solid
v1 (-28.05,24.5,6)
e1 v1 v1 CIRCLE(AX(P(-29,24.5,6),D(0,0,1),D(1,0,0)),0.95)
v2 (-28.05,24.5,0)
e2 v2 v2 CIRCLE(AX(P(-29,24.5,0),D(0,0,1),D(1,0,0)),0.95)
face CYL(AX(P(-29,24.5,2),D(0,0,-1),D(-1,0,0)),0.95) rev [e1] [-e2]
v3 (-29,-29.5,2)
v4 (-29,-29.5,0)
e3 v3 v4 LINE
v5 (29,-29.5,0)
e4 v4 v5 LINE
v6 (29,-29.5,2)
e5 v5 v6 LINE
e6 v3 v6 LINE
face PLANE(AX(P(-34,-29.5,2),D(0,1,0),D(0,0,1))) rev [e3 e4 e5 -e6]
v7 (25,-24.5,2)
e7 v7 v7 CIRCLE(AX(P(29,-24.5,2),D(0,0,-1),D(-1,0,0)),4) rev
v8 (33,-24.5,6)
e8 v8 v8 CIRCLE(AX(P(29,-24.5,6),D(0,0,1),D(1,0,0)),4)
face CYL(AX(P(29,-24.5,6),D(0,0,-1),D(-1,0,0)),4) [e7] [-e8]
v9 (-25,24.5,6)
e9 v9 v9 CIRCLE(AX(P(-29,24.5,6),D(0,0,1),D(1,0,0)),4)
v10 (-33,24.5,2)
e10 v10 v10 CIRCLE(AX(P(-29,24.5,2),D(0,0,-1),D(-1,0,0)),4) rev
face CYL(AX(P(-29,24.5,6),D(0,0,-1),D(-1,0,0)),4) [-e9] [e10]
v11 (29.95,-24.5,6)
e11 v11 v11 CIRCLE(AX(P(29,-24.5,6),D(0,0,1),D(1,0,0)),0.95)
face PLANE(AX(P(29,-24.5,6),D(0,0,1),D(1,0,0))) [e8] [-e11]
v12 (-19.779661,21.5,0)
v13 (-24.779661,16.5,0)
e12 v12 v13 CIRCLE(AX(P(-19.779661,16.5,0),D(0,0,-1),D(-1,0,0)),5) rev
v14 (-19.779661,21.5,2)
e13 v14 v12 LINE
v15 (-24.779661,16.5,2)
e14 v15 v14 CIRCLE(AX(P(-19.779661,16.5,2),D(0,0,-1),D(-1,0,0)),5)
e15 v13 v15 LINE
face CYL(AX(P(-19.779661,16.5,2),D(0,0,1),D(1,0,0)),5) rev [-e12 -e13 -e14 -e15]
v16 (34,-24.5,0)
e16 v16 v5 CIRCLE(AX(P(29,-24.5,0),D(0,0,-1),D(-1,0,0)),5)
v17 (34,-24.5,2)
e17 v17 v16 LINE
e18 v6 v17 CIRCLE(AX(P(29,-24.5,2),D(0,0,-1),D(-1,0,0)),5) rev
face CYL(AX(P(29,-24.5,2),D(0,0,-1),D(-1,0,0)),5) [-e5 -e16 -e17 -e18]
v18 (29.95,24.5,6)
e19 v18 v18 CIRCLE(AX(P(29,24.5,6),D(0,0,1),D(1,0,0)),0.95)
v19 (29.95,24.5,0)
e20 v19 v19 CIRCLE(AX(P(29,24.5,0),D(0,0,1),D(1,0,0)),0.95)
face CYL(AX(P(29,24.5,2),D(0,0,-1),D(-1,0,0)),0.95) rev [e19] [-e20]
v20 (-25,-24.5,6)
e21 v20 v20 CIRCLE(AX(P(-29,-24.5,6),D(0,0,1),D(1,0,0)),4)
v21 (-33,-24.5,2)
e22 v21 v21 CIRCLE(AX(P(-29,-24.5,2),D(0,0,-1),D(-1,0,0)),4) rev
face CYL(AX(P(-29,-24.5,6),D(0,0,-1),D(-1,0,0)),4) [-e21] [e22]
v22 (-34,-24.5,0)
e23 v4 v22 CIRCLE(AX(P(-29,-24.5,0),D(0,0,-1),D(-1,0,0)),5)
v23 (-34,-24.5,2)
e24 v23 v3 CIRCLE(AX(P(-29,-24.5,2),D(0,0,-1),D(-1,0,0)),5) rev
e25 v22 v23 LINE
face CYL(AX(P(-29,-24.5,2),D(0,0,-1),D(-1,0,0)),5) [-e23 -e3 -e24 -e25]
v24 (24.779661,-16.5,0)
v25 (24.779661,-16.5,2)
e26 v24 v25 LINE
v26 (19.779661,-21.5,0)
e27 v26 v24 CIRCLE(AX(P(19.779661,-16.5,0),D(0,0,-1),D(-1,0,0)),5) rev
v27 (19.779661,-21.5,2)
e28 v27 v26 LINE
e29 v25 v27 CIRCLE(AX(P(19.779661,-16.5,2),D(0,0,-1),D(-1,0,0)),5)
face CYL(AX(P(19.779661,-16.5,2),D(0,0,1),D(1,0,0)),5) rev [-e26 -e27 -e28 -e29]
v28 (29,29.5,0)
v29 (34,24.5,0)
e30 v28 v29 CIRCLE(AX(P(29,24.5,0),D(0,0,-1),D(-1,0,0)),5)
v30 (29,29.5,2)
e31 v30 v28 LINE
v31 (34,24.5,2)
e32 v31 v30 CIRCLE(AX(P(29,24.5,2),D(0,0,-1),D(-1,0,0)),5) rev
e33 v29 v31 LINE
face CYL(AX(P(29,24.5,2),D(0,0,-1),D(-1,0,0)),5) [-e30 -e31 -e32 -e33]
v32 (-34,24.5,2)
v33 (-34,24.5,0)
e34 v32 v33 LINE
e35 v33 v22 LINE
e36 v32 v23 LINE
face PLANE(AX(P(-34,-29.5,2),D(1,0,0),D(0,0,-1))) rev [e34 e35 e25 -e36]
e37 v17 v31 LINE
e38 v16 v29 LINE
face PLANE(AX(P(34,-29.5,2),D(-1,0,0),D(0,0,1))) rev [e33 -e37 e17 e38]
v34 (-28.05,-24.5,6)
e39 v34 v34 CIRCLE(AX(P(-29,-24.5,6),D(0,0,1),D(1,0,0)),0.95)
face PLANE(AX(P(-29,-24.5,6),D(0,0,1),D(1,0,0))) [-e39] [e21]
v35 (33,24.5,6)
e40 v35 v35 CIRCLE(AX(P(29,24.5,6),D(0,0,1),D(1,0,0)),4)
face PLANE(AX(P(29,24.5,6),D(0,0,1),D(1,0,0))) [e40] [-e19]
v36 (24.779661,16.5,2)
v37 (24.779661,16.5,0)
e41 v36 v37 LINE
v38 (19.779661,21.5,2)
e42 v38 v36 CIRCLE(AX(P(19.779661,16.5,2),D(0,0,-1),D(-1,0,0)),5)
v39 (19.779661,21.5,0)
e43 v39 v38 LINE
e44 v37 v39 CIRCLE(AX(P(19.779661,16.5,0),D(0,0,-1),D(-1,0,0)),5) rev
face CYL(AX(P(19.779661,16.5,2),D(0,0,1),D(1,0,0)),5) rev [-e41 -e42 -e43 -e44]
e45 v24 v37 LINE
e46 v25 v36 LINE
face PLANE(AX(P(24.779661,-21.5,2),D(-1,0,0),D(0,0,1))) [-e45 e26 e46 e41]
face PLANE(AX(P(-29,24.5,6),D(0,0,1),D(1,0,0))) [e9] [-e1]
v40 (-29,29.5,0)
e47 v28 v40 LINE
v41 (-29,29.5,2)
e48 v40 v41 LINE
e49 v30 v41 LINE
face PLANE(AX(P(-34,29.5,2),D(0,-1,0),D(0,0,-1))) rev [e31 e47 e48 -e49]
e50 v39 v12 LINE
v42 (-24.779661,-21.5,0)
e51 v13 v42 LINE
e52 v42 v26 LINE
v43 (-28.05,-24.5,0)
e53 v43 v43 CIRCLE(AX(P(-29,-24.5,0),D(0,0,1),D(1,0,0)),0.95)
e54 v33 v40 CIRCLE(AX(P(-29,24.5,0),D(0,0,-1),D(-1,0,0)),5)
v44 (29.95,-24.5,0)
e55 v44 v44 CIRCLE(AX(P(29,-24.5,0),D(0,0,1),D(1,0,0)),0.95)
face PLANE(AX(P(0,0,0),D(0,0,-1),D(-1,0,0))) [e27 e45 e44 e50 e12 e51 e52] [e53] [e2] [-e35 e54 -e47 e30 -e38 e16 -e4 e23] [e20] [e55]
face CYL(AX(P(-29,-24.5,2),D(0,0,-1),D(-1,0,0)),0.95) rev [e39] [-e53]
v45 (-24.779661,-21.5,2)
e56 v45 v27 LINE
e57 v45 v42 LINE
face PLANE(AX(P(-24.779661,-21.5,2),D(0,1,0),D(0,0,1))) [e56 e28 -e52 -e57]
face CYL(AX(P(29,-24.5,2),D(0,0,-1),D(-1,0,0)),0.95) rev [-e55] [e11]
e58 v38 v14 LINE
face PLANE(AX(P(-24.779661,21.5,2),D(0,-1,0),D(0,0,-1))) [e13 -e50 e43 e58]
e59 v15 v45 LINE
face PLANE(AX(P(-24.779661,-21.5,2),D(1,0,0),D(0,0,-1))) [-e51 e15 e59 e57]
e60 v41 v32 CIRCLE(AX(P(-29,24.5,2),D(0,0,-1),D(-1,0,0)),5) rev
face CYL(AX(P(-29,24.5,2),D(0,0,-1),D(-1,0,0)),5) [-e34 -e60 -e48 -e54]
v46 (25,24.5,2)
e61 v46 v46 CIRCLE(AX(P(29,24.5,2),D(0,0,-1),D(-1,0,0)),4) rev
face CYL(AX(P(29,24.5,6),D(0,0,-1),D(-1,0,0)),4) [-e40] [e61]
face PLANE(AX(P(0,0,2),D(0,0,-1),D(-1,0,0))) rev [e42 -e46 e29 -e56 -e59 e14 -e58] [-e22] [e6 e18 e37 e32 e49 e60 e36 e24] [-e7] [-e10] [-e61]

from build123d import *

# Parameters (mm, degrees)
SKETCH1_W           = 68
SKETCH1_H           = 59
SKETCH1_R           = 0.95
SKETCH1_W_2         = 49.559322034
SKETCH1_H_2         = 43
BOSS_EXTRUDE1_DEPTH = 2
SKETCH2_R           = 4
SKETCH2_R_2         = 0.95
BOSS_EXTRUDE2_DEPTH = 4
FILLET1_R           = 5


with BuildPart() as part:
    # Sketch1 → Boss-Extrude1 (new body)
    with BuildSketch(Plane.XY):
        Rectangle(SKETCH1_W, SKETCH1_H)
        with Locations((-29, 24.5)):
            Circle(SKETCH1_R, mode=Mode.SUBTRACT)
        with Locations((29, 24.5)):
            Circle(SKETCH1_R, mode=Mode.SUBTRACT)
        with Locations((29, -24.5)):
            Circle(SKETCH1_R, mode=Mode.SUBTRACT)
        with Locations((-29, -24.5)):
            Circle(SKETCH1_R, mode=Mode.SUBTRACT)
        Rectangle(SKETCH1_W_2, SKETCH1_H_2, mode=Mode.SUBTRACT)
    extrude(amount=BOSS_EXTRUDE1_DEPTH)

    # Sketch2 → Boss-Extrude2 (add)
    # profile 1 of 4: a face of its own
    with BuildSketch(Plane.XY.offset(2)):
        with Locations(Location((-29, 24.5, 0), (0, 0, 180))):
            Circle(SKETCH2_R)
        with Locations((-29, 24.5)):
            Circle(SKETCH2_R_2, mode=Mode.SUBTRACT)
    # profile 2 of 4: a face of its own
    with BuildSketch(Plane.XY.offset(2)):
        with Locations(Location((29, 24.5, 0), (0, 0, 180))):
            Circle(SKETCH2_R)
        with Locations((29, 24.5)):
            Circle(SKETCH2_R_2, mode=Mode.SUBTRACT)
    # profile 3 of 4: a face of its own
    with BuildSketch(Plane.XY.offset(2)):
        with Locations(Location((29, -24.5, 0), (0, 0, 180))):
            Circle(SKETCH2_R)
        with Locations((29, -24.5)):
            Circle(SKETCH2_R_2, mode=Mode.SUBTRACT)
    # profile 4 of 4: a face of its own
    with BuildSketch(Plane.XY.offset(2)):
        with Locations(Location((-29, -24.5, 0), (0, 0, 180))):
            Circle(SKETCH2_R)
        with Locations((-29, -24.5)):
            Circle(SKETCH2_R_2, mode=Mode.SUBTRACT)
    extrude(amount=BOSS_EXTRUDE2_DEPTH)

    # Fillet1
    fillet1_edges = [part.edges().sort_by_distance(p)[0] for p in [
        (24.779661017, -21.5, 1),
        (24.779661017, 21.5, 1),
        (-24.779661017, 21.5, 1),
        (34, -29.5, 1),
        (-34, -29.5, 1),
        (-34, 29.5, 1),
        (34, 29.5, 1),
    ]]
    fillet(fillet1_edges, radius=FILLET1_R)


solid = part.part
